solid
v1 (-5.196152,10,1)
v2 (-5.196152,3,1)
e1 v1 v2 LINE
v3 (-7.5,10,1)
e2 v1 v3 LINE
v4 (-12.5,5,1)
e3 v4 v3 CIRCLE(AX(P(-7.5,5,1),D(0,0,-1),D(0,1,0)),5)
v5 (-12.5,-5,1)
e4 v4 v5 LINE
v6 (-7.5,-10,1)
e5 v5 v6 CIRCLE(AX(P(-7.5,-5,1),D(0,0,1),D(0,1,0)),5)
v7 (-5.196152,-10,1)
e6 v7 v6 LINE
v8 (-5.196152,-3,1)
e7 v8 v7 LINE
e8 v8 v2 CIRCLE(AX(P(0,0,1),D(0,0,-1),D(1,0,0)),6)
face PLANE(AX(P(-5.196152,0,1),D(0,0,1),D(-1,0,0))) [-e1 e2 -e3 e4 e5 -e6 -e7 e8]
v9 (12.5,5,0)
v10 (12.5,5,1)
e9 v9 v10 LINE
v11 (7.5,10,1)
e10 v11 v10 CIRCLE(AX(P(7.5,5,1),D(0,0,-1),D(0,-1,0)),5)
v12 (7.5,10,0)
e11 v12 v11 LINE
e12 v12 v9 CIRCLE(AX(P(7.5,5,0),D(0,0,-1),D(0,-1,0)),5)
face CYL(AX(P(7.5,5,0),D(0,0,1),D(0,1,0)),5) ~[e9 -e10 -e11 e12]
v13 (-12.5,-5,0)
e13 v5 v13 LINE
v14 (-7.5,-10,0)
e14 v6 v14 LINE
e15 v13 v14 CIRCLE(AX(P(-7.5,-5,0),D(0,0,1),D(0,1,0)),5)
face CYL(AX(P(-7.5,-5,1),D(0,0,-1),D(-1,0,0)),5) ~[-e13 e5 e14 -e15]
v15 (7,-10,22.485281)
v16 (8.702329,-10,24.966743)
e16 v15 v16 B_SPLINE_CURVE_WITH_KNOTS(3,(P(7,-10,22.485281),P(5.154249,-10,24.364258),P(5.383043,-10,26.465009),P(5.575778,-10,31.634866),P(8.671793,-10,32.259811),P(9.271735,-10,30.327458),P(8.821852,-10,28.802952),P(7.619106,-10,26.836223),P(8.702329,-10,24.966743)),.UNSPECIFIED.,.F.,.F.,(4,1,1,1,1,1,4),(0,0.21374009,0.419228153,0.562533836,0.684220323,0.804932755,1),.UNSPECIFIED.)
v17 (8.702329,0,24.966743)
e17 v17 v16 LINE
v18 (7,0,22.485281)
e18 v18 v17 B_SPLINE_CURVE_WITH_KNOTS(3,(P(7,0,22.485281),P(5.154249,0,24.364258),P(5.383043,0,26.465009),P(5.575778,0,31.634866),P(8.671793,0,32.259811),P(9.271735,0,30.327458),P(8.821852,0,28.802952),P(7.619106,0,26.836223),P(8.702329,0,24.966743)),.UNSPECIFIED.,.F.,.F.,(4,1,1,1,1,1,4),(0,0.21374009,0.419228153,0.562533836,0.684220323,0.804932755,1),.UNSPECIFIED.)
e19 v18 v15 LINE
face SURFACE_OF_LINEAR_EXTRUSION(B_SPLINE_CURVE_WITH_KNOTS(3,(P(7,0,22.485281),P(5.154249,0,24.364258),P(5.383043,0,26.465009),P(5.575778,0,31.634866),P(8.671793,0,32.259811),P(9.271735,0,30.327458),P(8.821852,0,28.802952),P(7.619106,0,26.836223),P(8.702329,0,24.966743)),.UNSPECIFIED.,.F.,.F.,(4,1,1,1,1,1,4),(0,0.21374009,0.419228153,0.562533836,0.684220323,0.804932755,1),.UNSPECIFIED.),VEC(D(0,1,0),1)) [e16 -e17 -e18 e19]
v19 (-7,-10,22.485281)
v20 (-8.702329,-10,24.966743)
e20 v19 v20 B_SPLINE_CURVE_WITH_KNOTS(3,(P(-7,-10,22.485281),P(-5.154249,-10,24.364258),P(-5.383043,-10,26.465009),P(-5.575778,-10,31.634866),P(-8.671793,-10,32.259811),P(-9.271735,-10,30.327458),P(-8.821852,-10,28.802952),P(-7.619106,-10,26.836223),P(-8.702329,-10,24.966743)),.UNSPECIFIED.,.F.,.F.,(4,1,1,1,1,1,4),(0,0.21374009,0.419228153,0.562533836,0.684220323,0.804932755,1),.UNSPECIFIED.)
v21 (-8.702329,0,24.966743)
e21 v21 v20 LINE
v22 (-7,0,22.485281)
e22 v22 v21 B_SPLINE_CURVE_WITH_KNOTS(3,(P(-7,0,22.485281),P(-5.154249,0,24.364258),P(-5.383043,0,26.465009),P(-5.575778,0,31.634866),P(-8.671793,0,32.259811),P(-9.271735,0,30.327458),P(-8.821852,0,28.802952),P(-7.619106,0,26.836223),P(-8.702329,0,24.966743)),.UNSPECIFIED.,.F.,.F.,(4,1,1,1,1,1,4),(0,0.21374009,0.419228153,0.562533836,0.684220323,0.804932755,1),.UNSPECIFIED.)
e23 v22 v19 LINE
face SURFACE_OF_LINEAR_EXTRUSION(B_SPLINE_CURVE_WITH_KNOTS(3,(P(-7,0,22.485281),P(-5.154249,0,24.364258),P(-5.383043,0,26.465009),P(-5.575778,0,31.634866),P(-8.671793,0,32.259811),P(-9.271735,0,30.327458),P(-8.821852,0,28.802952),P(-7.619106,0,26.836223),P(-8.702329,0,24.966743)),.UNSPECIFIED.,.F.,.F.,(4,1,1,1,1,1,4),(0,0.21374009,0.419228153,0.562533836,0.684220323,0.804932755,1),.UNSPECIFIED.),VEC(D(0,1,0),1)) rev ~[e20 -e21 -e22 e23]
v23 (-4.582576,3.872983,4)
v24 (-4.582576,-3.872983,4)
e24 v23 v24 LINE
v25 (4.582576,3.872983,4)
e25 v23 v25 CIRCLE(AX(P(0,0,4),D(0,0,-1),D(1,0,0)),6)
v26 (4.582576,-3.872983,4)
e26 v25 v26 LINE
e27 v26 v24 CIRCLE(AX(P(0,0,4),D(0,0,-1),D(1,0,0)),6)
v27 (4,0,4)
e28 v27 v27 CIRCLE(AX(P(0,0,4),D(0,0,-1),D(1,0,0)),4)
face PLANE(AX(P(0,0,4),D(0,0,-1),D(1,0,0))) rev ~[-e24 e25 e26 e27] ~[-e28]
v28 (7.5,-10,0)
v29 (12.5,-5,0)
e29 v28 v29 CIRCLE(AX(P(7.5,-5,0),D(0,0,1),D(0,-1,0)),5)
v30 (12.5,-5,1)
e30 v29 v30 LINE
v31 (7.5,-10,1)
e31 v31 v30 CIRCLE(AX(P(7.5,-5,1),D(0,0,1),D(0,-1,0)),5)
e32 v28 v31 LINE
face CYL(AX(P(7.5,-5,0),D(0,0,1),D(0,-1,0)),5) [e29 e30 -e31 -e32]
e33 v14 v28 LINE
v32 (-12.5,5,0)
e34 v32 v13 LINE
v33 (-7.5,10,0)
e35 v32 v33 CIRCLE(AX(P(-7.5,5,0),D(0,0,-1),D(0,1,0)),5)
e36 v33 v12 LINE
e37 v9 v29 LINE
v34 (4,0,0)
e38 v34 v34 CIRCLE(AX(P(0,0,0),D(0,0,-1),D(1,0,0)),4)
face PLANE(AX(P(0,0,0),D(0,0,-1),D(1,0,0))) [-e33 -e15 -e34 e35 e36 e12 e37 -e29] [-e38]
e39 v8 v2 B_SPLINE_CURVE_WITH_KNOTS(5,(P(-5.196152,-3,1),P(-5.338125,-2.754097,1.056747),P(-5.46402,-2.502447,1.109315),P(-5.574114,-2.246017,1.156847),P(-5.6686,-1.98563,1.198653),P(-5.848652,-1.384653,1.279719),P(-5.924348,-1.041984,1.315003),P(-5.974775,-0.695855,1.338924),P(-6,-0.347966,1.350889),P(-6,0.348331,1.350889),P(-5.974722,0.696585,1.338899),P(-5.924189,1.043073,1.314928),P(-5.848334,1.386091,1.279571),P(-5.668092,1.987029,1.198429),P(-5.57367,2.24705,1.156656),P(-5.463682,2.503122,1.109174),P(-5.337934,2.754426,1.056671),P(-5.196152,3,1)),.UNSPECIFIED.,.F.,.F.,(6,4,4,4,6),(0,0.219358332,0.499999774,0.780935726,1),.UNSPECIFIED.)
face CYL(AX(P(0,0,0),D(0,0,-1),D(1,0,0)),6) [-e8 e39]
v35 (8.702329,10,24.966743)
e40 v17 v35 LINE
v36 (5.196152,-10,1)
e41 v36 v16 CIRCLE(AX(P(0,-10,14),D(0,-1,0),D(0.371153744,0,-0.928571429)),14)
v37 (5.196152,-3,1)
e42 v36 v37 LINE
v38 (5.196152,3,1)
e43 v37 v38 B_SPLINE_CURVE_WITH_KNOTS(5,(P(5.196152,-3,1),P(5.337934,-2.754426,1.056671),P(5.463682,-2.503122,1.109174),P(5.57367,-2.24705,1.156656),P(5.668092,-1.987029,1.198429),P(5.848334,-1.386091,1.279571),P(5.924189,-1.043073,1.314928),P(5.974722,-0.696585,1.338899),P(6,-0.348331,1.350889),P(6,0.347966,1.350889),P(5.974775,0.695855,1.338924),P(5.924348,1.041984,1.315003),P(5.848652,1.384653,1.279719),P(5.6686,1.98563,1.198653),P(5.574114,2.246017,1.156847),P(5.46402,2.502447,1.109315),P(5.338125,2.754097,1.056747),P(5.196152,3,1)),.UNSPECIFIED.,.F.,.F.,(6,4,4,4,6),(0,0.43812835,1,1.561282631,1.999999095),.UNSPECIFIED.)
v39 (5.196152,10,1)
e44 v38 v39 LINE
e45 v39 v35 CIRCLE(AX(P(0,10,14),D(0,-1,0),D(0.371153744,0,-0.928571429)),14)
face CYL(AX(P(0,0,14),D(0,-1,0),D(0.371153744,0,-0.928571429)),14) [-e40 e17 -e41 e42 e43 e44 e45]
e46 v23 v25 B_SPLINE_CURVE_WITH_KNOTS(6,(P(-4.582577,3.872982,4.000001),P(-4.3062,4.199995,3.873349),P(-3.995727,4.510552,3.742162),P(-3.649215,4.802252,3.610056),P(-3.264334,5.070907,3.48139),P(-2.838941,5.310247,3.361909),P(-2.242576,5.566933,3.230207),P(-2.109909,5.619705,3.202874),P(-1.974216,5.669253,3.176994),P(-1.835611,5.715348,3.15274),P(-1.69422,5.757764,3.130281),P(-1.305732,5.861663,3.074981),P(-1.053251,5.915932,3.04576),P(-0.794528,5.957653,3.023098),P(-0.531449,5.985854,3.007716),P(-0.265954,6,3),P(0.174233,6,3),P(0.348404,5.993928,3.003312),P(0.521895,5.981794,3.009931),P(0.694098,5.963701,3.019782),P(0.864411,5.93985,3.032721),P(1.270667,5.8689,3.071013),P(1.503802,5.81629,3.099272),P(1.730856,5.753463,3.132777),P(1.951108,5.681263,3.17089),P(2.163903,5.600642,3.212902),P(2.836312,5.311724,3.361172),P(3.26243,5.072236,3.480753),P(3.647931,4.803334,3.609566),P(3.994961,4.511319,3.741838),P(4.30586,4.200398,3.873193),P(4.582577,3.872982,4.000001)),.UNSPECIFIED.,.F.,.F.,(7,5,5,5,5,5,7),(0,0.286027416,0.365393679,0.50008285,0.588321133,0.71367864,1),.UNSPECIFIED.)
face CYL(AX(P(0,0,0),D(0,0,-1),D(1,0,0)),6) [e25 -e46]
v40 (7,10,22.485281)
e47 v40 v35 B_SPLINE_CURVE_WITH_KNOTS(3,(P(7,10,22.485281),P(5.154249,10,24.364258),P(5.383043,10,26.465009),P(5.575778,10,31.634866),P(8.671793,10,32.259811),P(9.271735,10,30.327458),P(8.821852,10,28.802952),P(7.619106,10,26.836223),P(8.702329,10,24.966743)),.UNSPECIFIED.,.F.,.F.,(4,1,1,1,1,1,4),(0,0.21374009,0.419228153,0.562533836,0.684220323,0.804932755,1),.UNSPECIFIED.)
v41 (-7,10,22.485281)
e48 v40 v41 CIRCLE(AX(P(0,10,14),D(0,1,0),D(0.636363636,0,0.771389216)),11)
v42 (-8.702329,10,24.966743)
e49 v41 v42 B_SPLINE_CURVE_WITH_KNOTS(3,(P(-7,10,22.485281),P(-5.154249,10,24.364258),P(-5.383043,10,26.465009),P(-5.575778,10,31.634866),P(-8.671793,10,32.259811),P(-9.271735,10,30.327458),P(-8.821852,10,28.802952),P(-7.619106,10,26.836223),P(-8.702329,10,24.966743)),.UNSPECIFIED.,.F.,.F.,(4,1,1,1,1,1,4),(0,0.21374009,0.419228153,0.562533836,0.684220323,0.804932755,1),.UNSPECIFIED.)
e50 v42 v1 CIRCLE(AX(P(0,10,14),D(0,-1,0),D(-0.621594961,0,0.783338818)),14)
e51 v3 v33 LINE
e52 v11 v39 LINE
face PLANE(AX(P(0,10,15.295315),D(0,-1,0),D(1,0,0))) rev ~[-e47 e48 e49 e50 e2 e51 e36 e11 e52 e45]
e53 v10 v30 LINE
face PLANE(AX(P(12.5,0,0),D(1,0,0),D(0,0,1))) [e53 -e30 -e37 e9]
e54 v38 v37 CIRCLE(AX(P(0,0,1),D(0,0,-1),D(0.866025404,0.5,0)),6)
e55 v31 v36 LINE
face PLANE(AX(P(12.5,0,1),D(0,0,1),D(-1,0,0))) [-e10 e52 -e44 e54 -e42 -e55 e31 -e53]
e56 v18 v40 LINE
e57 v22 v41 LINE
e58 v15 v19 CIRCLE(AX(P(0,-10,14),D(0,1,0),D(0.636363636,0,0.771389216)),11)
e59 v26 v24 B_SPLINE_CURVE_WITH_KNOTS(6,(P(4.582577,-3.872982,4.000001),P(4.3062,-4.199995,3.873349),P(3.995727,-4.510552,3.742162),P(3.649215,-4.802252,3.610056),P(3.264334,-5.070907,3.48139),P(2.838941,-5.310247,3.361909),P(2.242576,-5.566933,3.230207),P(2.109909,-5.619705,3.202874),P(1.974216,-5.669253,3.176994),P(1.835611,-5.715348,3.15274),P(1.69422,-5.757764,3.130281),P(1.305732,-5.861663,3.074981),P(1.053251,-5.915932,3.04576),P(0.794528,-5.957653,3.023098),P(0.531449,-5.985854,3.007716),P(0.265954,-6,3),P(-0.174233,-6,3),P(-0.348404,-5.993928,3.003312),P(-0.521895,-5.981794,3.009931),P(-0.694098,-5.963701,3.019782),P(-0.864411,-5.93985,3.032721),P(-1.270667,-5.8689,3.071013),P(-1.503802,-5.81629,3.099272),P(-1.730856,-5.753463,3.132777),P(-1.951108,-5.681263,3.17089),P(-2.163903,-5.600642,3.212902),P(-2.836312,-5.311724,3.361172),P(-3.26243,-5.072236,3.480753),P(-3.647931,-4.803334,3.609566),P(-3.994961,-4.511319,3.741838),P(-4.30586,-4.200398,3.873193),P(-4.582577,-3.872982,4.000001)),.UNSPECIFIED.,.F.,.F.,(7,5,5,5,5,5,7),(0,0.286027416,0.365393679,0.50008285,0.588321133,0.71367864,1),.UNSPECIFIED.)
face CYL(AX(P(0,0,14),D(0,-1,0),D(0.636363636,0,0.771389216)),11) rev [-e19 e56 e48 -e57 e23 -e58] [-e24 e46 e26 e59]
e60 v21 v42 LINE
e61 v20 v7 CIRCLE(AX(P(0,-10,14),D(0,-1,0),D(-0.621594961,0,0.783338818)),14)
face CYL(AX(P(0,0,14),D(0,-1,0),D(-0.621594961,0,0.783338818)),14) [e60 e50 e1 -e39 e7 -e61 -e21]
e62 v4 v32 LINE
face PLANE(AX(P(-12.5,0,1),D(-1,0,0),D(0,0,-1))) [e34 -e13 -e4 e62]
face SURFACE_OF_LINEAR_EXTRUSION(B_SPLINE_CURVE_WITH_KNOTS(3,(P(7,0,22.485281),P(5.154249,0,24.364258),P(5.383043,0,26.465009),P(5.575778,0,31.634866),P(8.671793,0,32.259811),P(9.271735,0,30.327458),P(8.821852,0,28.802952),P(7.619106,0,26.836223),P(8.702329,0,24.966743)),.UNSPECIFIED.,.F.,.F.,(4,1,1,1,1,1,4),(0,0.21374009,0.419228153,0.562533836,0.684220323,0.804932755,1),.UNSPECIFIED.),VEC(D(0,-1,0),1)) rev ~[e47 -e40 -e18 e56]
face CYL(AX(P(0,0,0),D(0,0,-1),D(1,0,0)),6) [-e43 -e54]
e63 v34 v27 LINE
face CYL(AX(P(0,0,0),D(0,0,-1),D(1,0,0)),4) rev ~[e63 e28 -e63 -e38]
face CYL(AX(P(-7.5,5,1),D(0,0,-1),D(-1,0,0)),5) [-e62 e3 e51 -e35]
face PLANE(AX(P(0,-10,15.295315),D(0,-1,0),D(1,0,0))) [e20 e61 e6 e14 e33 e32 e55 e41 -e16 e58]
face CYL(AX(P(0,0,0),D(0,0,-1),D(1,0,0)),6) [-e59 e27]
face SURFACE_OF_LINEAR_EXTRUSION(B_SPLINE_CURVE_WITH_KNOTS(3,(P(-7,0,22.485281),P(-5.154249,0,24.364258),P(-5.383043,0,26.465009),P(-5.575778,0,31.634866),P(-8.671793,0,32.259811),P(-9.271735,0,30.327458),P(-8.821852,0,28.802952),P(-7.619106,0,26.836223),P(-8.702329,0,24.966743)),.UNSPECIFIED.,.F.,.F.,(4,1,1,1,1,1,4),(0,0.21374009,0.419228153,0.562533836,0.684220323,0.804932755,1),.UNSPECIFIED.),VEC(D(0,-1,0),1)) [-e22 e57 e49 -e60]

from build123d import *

# Parameters (mm, degrees)
F1_DEPTH = 10
F2_R     = 6
F3_DEPTH = 4
F4_R     = 4
F5_DEPTH = 10
F6_R     = 5


with BuildPart() as f1:
    # F0 (on Front) → F1 (new body, symmetric)
    with BuildSketch(Plane.XZ):
        with BuildLine():
            ThreePointArc((7, 22.4852813742), (0, 3), (-7, 22.4852813742))
            add(Edge.make_bspline(
                [(-7, 22.4852813742), (-5.1542492628, 24.3642576378), (-5.383043398, 26.465009025), (-5.5757776405, 31.6348656323), (-8.6717930899, 32.2598112247), (-9.2717350937, 30.3274583513), (-8.8218524107, 28.8029520329), (-7.6191061655, 26.8362228312), (-8.7023294593, 24.9667434538)],
                knots=[0, 0, 0, 0, 0.2137400895, 0.4192281529, 0.5625338357, 0.6842203235, 0.8049327555, 1, 1, 1, 1], degree=3))
            ThreePointArc((-8.7023294593, 24.9667434538), (-13.8525502201, 11.973462954), (-5.1961524227, 1))
            Line((-5.1961524227, 1), (5.1961524227, 1))
            ThreePointArc((5.1961524227, 1), (13.8525502201, 11.973462954), (8.7023294593, 24.9667434538))
            add(Edge.make_bspline(
                [(7, 22.4852813742), (5.1542492628, 24.3642576378), (5.383043398, 26.465009025), (5.5757776405, 31.6348656323), (8.6717930899, 32.2598112247), (9.2717350937, 30.3274583513), (8.8218524107, 28.8029520329), (7.6191061655, 26.8362228312), (8.7023294593, 24.9667434538)],
                knots=[0, 0, 0, 0, 0.2137400895, 0.4192281529, 0.5625338357, 0.6842203235, 0.8049327555, 1, 1, 1, 1], degree=3))
        make_face()
        with BuildLine():
            Line((5.1961524227, 1), (-5.1961524227, 1))
            ThreePointArc((-5.1961524227, 1), (-2.6457513361, 0.25227292), (-5.11e-08, 0))
            ThreePointArc((-5.11e-08, 0), (2.645751286, 0.2522729103), (5.1961524227, 1))
        make_face()
        with BuildLine():
            ThreePointArc((-5.11e-08, 0), (-2.6457513361, 0.25227292), (-5.1961524227, 1))
            Line((-5.1961524227, 1), (-12.5, 1))
            Line((-12.5, 1), (-12.5, 0))
            Line((-12.5, 0), (-5.11e-08, 0))
        make_face()
        with BuildLine():
            Line((12.5, 1), (5.1961524227, 1))
            ThreePointArc((5.1961524227, 1), (2.645751286, 0.2522729103), (-5.11e-08, 0))
            Line((-5.11e-08, 0), (12.5, 0))
            Line((12.5, 0), (12.5, 1))
        make_face()
    extrude(amount=F1_DEPTH, both=True)

    # F2 (on face) → F3 (join)
    with BuildSketch(Plane(origin=(0, 0, 0), x_dir=(1, 0, 0), z_dir=(0, 0, -1))):
        Circle(F2_R)
    extrude(amount=-F3_DEPTH)

    # F4 (on face) → F5 (cut)
    with BuildSketch(Plane(origin=(0, 0, 0), x_dir=(1, 0, 0), z_dir=(0, 0, -1))):
        Circle(F4_R)
    extrude(amount=-F5_DEPTH, mode=Mode.SUBTRACT)

    # F6
    f6_edges = [f1.edges().sort_by_distance(p)[0] for p in [
        (12.5, -10, 0.5),
        (12.5, 10, 0.5),
        (-12.5, 10, 0.5),
        (-12.5, -10, 0.5),
    ]]
    fillet(f6_edges, radius=F6_R)


solid = f1.part
